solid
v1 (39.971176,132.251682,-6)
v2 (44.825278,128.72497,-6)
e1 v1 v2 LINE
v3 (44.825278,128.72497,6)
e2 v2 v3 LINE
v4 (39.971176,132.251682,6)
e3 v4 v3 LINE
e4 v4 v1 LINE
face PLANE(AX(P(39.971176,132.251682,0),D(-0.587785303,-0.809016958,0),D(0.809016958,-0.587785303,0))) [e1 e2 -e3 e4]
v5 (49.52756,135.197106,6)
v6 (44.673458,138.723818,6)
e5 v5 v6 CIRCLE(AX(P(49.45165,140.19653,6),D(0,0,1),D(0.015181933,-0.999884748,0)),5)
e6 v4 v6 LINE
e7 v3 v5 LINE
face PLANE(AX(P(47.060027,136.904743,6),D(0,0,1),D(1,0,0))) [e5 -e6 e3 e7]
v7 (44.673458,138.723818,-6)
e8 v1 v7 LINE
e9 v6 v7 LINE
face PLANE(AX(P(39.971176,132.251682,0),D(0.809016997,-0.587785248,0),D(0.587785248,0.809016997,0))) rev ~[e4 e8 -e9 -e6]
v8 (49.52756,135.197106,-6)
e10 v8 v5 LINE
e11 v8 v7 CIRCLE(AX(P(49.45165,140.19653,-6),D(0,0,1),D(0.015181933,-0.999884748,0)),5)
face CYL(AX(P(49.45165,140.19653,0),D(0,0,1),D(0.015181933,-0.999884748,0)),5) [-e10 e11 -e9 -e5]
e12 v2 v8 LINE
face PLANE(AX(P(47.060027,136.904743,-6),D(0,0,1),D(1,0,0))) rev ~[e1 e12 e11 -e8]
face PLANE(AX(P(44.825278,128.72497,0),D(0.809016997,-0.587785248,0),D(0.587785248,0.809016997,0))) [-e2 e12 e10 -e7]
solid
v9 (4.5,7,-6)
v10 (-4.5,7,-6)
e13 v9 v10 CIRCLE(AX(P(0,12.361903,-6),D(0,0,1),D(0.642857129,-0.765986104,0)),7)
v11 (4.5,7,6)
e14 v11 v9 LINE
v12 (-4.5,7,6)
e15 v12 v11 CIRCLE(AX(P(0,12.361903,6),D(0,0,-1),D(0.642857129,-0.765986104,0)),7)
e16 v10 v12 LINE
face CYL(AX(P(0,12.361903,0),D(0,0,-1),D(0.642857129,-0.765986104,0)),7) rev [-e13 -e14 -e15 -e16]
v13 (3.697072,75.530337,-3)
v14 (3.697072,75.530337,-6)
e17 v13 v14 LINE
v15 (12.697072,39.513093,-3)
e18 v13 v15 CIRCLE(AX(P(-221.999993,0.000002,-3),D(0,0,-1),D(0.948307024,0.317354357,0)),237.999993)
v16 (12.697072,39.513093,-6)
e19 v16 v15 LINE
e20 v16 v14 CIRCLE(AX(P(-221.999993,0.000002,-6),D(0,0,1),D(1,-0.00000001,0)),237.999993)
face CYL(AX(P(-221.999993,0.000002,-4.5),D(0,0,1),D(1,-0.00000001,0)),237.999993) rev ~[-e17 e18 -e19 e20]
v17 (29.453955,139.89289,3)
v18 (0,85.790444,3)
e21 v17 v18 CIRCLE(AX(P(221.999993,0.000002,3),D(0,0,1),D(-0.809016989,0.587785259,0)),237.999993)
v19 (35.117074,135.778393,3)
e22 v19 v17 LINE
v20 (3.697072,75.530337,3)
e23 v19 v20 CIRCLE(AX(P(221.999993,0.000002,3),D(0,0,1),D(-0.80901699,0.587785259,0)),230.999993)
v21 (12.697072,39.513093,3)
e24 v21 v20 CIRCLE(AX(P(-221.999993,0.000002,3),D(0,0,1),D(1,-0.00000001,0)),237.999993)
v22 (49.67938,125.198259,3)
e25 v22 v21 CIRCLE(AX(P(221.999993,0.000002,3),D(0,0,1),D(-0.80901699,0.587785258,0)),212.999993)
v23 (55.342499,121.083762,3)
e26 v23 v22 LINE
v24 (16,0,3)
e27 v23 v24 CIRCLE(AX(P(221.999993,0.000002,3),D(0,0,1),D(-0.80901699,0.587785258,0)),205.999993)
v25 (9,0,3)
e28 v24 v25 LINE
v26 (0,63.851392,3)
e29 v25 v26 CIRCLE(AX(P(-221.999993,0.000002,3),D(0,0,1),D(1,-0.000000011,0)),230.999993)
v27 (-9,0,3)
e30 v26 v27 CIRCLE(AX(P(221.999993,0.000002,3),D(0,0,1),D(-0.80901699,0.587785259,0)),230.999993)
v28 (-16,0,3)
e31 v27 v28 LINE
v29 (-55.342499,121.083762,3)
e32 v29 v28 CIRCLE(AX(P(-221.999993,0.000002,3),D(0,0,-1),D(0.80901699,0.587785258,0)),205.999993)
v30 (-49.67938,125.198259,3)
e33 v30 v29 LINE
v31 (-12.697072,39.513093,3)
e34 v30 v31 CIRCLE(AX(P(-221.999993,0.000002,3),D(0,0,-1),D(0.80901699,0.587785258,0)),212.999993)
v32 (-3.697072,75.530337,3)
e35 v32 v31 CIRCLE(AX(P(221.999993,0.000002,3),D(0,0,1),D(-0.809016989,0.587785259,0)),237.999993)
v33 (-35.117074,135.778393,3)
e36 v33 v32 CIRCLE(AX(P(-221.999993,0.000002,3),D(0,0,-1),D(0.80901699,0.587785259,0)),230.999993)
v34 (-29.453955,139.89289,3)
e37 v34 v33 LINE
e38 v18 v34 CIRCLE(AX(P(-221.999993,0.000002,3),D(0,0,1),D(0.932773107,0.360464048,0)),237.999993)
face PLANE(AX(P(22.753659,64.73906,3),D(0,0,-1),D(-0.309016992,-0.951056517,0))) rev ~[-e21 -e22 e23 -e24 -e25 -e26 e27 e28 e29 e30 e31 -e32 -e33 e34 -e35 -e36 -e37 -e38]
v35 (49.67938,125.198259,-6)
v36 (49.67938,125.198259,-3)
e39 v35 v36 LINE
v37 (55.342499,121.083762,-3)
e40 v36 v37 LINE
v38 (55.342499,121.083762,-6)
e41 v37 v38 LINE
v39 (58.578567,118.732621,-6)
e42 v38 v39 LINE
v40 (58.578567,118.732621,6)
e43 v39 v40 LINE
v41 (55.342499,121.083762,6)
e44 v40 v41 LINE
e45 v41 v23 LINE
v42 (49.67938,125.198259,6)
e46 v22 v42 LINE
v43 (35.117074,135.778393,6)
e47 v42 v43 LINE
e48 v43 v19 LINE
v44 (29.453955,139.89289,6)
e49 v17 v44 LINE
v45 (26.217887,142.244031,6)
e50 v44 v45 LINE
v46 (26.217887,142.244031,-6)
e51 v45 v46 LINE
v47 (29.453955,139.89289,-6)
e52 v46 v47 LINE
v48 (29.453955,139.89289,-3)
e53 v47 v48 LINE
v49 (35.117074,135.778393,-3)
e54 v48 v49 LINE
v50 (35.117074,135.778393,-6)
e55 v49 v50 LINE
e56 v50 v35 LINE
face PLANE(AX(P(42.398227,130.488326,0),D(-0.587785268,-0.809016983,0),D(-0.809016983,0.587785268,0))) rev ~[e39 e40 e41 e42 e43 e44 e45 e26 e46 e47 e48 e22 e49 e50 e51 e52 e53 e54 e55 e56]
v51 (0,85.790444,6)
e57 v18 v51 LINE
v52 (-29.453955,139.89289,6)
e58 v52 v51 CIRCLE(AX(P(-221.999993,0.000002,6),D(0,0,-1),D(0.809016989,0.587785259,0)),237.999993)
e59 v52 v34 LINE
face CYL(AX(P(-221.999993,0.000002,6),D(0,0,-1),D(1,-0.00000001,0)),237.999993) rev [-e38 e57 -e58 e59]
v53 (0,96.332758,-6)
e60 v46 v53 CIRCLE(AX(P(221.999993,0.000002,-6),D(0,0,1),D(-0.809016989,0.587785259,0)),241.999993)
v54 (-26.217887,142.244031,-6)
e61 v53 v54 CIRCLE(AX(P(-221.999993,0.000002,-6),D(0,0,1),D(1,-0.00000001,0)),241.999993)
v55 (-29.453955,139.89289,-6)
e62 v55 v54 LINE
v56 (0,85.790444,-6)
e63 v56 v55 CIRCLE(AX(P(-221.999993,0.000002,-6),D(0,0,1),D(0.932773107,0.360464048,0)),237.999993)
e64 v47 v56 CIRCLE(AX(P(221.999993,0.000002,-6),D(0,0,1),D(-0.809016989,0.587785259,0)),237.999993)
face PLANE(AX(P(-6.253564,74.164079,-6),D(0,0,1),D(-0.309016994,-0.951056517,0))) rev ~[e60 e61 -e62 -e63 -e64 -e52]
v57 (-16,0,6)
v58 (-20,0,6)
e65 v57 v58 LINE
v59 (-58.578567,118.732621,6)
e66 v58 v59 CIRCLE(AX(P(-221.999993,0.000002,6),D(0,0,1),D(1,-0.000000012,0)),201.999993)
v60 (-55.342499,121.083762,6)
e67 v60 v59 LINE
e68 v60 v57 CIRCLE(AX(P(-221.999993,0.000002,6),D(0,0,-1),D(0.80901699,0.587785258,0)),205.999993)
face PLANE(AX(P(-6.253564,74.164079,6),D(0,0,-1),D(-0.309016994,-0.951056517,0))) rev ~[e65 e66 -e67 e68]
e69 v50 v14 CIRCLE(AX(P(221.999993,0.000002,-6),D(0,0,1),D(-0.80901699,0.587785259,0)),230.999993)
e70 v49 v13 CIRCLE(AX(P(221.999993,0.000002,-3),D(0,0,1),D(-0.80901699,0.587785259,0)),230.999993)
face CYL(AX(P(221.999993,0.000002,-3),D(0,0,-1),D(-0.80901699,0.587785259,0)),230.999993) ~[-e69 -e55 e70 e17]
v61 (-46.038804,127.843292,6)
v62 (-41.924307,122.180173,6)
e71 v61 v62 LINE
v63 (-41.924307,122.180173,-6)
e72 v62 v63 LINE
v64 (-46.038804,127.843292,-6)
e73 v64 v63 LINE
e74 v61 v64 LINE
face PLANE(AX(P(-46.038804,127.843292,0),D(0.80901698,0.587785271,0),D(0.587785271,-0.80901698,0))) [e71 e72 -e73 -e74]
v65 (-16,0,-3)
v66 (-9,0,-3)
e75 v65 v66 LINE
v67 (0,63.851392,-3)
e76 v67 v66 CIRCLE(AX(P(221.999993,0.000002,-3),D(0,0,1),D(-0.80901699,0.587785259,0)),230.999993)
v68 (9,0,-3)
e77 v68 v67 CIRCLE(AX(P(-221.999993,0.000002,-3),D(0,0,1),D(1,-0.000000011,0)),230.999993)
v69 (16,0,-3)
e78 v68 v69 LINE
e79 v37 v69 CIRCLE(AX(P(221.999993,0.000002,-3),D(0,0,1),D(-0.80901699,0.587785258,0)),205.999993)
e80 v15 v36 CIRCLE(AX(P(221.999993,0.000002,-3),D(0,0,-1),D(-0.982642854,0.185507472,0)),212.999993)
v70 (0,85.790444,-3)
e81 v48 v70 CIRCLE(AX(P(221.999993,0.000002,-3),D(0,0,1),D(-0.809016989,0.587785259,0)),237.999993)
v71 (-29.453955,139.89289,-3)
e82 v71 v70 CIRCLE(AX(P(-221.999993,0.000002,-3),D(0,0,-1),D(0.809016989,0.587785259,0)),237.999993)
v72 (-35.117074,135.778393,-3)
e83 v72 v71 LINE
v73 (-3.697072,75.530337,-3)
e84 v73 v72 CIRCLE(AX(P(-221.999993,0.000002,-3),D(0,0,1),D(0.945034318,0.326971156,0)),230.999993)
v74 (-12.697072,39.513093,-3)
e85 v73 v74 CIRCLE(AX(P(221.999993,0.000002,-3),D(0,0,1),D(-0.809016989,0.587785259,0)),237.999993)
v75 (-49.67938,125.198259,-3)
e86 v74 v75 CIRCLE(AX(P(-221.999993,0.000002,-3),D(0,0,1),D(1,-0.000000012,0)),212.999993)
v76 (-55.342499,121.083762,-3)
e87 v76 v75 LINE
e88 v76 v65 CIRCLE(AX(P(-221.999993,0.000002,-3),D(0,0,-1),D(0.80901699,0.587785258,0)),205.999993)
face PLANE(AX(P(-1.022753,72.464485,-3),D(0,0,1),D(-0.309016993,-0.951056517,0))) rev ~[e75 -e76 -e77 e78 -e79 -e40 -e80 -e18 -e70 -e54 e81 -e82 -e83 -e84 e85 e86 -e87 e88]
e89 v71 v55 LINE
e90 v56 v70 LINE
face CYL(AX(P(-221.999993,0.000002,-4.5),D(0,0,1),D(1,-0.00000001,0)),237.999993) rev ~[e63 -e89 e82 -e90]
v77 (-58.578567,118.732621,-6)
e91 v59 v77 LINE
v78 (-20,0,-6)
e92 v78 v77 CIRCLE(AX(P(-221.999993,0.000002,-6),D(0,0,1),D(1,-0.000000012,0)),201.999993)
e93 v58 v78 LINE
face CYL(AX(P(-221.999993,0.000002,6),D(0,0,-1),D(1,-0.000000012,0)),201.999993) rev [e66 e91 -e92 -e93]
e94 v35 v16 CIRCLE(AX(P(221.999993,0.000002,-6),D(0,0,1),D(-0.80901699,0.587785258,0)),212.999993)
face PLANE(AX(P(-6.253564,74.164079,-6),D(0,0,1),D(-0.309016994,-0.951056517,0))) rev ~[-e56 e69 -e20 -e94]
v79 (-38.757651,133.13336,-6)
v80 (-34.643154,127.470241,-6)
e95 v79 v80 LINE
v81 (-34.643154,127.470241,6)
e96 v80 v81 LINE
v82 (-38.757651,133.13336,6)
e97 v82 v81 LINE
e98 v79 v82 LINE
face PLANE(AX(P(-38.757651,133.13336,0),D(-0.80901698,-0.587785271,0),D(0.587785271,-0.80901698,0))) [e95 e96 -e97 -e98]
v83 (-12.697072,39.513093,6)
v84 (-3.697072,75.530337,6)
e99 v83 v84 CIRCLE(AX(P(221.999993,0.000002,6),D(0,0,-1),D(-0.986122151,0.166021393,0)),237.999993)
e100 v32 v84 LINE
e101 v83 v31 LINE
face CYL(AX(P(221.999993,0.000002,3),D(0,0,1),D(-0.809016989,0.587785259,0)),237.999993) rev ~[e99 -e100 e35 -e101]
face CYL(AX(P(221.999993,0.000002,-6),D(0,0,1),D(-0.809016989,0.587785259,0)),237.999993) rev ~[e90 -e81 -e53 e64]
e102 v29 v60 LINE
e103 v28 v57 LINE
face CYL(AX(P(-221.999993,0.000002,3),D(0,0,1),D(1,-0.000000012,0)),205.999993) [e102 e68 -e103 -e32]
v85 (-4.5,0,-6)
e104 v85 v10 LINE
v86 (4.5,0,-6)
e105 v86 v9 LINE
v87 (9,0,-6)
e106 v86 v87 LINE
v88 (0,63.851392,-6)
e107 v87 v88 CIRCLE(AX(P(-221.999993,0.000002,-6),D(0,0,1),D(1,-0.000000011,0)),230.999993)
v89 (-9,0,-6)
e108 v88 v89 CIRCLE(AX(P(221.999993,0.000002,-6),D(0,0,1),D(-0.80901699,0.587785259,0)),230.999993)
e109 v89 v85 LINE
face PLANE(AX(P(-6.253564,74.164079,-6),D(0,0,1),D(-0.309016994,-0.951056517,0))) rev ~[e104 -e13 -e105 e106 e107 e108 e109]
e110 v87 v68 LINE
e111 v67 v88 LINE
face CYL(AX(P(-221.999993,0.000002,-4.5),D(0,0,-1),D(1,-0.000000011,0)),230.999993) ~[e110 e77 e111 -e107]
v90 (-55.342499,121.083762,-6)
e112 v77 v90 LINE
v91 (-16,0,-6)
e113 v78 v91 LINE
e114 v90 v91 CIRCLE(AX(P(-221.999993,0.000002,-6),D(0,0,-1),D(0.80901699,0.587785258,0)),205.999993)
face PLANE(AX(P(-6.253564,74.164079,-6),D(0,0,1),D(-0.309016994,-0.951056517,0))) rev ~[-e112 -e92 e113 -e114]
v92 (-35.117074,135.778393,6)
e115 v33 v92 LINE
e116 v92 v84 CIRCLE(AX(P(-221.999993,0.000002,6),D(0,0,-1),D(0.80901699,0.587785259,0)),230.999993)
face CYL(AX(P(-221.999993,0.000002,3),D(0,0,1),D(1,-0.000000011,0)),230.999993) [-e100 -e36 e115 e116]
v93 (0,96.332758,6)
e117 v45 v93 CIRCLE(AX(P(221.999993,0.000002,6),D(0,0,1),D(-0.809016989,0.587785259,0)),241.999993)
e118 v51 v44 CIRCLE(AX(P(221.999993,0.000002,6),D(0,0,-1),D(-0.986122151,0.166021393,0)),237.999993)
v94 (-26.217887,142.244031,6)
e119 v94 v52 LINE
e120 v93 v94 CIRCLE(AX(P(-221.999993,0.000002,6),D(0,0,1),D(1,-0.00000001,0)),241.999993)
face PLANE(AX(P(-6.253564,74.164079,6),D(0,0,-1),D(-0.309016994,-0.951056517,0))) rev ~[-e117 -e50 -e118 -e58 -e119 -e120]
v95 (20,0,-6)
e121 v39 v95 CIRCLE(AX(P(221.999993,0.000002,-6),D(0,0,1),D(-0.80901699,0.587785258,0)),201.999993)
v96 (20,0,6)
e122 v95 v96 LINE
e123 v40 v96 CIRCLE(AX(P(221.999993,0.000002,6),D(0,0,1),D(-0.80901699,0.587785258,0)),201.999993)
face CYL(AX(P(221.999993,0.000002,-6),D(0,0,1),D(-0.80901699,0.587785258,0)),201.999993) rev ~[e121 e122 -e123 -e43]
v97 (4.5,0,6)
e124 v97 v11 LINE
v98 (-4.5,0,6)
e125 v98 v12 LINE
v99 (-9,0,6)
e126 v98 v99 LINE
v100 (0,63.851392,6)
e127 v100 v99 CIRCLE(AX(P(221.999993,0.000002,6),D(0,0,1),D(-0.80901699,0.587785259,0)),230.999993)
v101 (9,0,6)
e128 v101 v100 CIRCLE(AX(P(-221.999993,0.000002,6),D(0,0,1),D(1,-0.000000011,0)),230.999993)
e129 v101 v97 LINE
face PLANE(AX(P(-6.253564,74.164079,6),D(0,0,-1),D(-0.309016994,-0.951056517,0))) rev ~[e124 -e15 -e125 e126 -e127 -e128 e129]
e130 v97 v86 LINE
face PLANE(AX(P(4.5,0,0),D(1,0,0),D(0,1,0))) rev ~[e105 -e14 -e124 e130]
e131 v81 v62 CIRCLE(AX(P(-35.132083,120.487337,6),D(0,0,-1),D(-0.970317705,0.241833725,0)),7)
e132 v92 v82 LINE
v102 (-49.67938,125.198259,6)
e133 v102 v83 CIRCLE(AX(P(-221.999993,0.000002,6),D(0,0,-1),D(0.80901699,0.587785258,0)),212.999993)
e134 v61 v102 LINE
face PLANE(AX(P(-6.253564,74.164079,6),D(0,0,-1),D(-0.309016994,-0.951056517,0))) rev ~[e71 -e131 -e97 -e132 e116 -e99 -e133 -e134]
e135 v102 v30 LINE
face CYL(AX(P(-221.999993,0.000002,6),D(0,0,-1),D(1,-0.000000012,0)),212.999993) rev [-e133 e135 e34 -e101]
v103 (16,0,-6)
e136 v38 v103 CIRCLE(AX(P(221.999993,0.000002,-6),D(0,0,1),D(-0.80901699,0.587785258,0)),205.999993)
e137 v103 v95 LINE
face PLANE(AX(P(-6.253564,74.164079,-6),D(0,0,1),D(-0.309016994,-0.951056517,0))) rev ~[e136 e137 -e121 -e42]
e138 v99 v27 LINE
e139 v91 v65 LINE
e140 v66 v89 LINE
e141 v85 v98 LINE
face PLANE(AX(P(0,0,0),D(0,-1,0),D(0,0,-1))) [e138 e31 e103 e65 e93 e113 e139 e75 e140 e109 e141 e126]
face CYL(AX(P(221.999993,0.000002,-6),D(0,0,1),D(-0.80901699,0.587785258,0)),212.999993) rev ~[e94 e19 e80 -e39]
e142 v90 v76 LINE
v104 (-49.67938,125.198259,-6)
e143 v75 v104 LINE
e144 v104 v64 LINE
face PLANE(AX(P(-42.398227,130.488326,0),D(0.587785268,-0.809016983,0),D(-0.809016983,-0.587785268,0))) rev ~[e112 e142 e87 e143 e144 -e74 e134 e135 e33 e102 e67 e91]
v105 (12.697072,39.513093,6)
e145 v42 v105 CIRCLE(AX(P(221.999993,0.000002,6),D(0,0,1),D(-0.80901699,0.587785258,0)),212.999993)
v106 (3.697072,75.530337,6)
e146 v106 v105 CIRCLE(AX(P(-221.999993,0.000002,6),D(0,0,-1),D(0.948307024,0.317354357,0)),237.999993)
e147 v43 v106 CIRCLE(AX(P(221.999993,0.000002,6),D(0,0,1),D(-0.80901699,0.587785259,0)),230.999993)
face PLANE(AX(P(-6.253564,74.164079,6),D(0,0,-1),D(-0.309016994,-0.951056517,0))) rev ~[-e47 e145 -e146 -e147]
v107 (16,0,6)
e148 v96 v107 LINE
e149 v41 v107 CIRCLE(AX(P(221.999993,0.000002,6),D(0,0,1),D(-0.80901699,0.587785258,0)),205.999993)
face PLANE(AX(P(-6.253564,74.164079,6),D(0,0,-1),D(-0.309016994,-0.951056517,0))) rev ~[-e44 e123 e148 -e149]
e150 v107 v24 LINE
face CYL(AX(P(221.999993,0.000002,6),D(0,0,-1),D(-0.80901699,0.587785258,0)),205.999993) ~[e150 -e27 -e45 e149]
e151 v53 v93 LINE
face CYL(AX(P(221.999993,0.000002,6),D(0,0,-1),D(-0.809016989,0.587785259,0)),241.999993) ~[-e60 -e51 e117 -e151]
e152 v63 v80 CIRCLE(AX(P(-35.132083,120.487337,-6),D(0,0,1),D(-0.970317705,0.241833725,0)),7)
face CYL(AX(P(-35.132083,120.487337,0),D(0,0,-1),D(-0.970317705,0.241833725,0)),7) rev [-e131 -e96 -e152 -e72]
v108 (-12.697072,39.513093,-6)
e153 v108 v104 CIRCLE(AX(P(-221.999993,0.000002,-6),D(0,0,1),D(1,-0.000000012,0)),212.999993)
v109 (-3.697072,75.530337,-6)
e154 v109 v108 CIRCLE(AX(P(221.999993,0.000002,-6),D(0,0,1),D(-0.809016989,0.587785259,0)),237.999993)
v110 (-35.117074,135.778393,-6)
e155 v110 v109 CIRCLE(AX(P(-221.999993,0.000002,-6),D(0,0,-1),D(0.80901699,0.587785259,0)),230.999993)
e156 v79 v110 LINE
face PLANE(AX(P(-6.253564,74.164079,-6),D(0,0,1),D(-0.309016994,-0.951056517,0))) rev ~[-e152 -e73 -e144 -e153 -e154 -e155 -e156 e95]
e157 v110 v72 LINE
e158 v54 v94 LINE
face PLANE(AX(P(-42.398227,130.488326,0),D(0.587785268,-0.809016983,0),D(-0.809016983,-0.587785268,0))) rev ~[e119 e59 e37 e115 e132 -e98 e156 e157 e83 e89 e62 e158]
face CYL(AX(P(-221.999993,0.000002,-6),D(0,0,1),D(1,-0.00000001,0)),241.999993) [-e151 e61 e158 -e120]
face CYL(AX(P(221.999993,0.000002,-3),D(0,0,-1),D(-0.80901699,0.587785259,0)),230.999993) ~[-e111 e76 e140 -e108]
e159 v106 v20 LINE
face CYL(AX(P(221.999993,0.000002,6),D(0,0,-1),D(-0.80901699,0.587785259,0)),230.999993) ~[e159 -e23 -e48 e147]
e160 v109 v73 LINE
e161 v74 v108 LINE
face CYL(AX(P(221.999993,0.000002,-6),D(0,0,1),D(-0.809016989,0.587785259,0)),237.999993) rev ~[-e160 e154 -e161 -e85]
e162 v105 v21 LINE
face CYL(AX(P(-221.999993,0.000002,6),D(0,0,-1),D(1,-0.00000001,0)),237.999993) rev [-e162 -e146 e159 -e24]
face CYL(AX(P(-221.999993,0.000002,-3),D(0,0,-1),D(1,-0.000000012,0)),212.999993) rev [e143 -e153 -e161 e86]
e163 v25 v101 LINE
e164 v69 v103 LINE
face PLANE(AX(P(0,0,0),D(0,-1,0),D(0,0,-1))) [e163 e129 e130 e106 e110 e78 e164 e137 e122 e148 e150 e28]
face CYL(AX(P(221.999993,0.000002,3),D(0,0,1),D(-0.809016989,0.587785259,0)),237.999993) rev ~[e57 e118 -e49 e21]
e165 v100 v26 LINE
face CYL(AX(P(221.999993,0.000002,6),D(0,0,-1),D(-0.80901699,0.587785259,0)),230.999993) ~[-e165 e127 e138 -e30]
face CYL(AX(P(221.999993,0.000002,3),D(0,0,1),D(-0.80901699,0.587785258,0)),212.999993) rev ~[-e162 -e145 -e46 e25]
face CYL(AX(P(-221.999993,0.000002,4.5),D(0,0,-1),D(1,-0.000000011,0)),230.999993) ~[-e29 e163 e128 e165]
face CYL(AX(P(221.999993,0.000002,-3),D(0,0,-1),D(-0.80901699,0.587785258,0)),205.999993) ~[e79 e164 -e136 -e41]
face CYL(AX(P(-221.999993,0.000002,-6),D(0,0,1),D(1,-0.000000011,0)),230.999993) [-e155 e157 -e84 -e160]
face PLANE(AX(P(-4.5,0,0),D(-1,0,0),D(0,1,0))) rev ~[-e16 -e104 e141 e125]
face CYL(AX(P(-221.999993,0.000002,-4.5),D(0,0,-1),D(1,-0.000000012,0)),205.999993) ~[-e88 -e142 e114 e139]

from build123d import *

# Parameters (mm, degrees)
SKETCH003_W          = 7
SKETCH003_H          = 3
SKETCH004_W          = 7
SKETCH004_H          = 3
SKETCH005_W          = 7
SKETCH005_H          = 3
SKETCH006_W          = 7
SKETCH006_H          = 3
POCKET_DEPTH         = 6.001
POCKET_DEPTH_BACK    = -6.001
POCKET001_DEPTH      = 6.001
POCKET001_DEPTH_BACK = -6.001
PAD001_DEPTH         = 6


with BuildPart() as main:
    # AdditivePipe: sweep along a path in Sketch
    with BuildLine(Plane.XY) as additivepipe_path:
        ThreePointArc((0, 0), (-10.865453, 68.601773), (-42.398227, 130.488326))
    # Sketch002 → AdditivePipe (sweep)
    with BuildSketch(Plane.XZ):
        Polygon((-20, 6), (-20, -6), (-16, -6), (-16, -3), (-9, -3), (-9, -6), (9, -6), (9, -3), (16, -3), (16, -6), (20, -6), (20, 6), (16, 6), (16, 3), (9, 3), (9, 6), (-9, 6), (-9, 3), (-16, 3), (-16, 6), align=None)
    sweep(path=additivepipe_path.line)

    # AdditivePipe001: sweep along a path in Sketch001
    with BuildLine(Plane.XY) as additivepipe001_path:
        ThreePointArc((42.398227, 130.488326), (10.865453, 68.601773), (0, 0))
    # Sketch002 → AdditivePipe001 (sweep)
    with BuildSketch(Plane.XZ):
        Polygon((-20, 6), (-20, -6), (-16, -6), (-16, -3), (-9, -3), (-9, -6), (9, -6), (9, -3), (16, -3), (16, -6), (20, -6), (20, 6), (16, 6), (16, 3), (9, 3), (9, 6), (-9, 6), (-9, 3), (-16, 3), (-16, 6), align=None)
    sweep(path=additivepipe001_path.line)

    # SubtractivePipe: sweep along a path in Sketch
    with BuildLine(Plane.XY) as subtractivepipe_path:
        ThreePointArc((0, 0), (-10.865453, 68.601773), (-42.398227, 130.488326))
    # Sketch003 → SubtractivePipe (sweep, cut)
    with BuildSketch(Plane.XZ):
        with Locations((-12.5, 4.5)):
            Rectangle(SKETCH003_W, SKETCH003_H)
    sweep(path=subtractivepipe_path.line, mode=Mode.SUBTRACT)

    # SubtractivePipe001: sweep along a path in Sketch001
    with BuildLine(Plane.XY) as subtractivepipe001_path:
        ThreePointArc((42.398227, 130.488326), (10.865453, 68.601773), (0, 0))
    # Sketch003 → SubtractivePipe001 (sweep, cut)
    with BuildSketch(Plane.XZ):
        with Locations((-12.5, 4.5)):
            Rectangle(SKETCH003_W, SKETCH003_H)
    sweep(path=subtractivepipe001_path.line, mode=Mode.SUBTRACT)

    # SubtractivePipe002: sweep along a path in Sketch
    with BuildLine(Plane.XY) as subtractivepipe002_path:
        ThreePointArc((0, 0), (-10.865453, 68.601773), (-42.398227, 130.488326))
    # Sketch004 → SubtractivePipe002 (sweep, cut)
    with BuildSketch(Plane.XZ):
        with Locations((12.5, 4.5)):
            Rectangle(SKETCH004_W, SKETCH004_H)
    sweep(path=subtractivepipe002_path.line, mode=Mode.SUBTRACT)

    # SubtractivePipe003: sweep along a path in Sketch001
    with BuildLine(Plane.XY) as subtractivepipe003_path:
        ThreePointArc((42.398227, 130.488326), (10.865453, 68.601773), (0, 0))
    # Sketch004 → SubtractivePipe003 (sweep, cut)
    with BuildSketch(Plane.XZ):
        with Locations((12.5, 4.5)):
            Rectangle(SKETCH004_W, SKETCH004_H)
    sweep(path=subtractivepipe003_path.line, mode=Mode.SUBTRACT)

    # SubtractivePipe004: sweep along a path in Sketch
    with BuildLine(Plane.XY) as subtractivepipe004_path:
        ThreePointArc((0, 0), (-10.865453, 68.601773), (-42.398227, 130.488326))
    # Sketch005 → SubtractivePipe004 (sweep, cut)
    with BuildSketch(Plane.XZ):
        with Locations((-12.5, -4.5)):
            Rectangle(SKETCH005_W, SKETCH005_H)
    sweep(path=subtractivepipe004_path.line, mode=Mode.SUBTRACT)

    # SubtractivePipe005: sweep along a path in Sketch001
    with BuildLine(Plane.XY) as subtractivepipe005_path:
        ThreePointArc((42.398227, 130.488326), (10.865453, 68.601773), (0, 0))
    # Sketch005 → SubtractivePipe005 (sweep, cut)
    with BuildSketch(Plane.XZ):
        with Locations((-12.5, -4.5)):
            Rectangle(SKETCH005_W, SKETCH005_H)
    sweep(path=subtractivepipe005_path.line, mode=Mode.SUBTRACT)

    # SubtractivePipe006: sweep along a path in Sketch
    with BuildLine(Plane.XY) as subtractivepipe006_path:
        ThreePointArc((0, 0), (-10.865453, 68.601773), (-42.398227, 130.488326))
    # Sketch006 → SubtractivePipe006 (sweep, cut)
    with BuildSketch(Plane.XZ):
        with Locations((12.5, -4.5)):
            Rectangle(SKETCH006_W, SKETCH006_H)
    sweep(path=subtractivepipe006_path.line, mode=Mode.SUBTRACT)

    # SubtractivePipe007: sweep along a path in Sketch001
    with BuildLine(Plane.XY) as subtractivepipe007_path:
        ThreePointArc((42.398227, 130.488326), (10.865453, 68.601773), (0, 0))
    # Sketch006 → SubtractivePipe007 (sweep, cut)
    with BuildSketch(Plane.XZ):
        with Locations((12.5, -4.5)):
            Rectangle(SKETCH006_W, SKETCH006_H)
    sweep(path=subtractivepipe007_path.line, mode=Mode.SUBTRACT)

    # Sketch007 → Pocket (cut, two sides)
    with BuildSketch(Plane.XY) as pocket_sk:
        with BuildLine():
            Line((-4.5, 0), (4.5, 0))
            Line((4.5, 0), (4.5, 7))
            ThreePointArc((4.5, 7), (0, 19.361903), (-4.5, 7))
            Line((-4.5, 0), (-4.5, 7))
        make_face()
    extrude(amount=-POCKET_DEPTH, mode=Mode.SUBTRACT)
    extrude(pocket_sk.sketch, amount=-POCKET_DEPTH_BACK, mode=Mode.SUBTRACT)

    # Sketch008 → Pocket001 (cut, two sides)
    with BuildSketch(Plane.XY) as pocket001_sk:
        with BuildLine():
            Line((-46.038804, 127.843292), (-38.757651, 133.13336))
            Line((-38.757651, 133.13336), (-34.643154, 127.470241))
            ThreePointArc((-41.924307, 122.180173), (-31.017586, 114.824218), (-34.643154, 127.470241))
            Line((-46.038804, 127.843292), (-41.924307, 122.180173))
        make_face()
    extrude(amount=-POCKET001_DEPTH, mode=Mode.SUBTRACT)
    extrude(pocket001_sk.sketch, amount=-POCKET001_DEPTH_BACK, mode=Mode.SUBTRACT)


with BuildPart() as male3:
    # Sketch011 → Pad001 (new body, symmetric)
    with BuildSketch(Plane.XY):
        with BuildLine():
            Line((39.971176, 132.251682), (44.825278, 128.72497))
            Line((44.825278, 128.72497), (49.52756, 135.197106))
            ThreePointArc((49.52756, 135.197106), (52.390577, 144.241615), (44.673458, 138.723818))
            Line((39.971176, 132.251682), (44.673458, 138.723818))
        make_face()
    extrude(amount=PAD001_DEPTH, both=True)


solid = Compound([main.part, male3.part])
